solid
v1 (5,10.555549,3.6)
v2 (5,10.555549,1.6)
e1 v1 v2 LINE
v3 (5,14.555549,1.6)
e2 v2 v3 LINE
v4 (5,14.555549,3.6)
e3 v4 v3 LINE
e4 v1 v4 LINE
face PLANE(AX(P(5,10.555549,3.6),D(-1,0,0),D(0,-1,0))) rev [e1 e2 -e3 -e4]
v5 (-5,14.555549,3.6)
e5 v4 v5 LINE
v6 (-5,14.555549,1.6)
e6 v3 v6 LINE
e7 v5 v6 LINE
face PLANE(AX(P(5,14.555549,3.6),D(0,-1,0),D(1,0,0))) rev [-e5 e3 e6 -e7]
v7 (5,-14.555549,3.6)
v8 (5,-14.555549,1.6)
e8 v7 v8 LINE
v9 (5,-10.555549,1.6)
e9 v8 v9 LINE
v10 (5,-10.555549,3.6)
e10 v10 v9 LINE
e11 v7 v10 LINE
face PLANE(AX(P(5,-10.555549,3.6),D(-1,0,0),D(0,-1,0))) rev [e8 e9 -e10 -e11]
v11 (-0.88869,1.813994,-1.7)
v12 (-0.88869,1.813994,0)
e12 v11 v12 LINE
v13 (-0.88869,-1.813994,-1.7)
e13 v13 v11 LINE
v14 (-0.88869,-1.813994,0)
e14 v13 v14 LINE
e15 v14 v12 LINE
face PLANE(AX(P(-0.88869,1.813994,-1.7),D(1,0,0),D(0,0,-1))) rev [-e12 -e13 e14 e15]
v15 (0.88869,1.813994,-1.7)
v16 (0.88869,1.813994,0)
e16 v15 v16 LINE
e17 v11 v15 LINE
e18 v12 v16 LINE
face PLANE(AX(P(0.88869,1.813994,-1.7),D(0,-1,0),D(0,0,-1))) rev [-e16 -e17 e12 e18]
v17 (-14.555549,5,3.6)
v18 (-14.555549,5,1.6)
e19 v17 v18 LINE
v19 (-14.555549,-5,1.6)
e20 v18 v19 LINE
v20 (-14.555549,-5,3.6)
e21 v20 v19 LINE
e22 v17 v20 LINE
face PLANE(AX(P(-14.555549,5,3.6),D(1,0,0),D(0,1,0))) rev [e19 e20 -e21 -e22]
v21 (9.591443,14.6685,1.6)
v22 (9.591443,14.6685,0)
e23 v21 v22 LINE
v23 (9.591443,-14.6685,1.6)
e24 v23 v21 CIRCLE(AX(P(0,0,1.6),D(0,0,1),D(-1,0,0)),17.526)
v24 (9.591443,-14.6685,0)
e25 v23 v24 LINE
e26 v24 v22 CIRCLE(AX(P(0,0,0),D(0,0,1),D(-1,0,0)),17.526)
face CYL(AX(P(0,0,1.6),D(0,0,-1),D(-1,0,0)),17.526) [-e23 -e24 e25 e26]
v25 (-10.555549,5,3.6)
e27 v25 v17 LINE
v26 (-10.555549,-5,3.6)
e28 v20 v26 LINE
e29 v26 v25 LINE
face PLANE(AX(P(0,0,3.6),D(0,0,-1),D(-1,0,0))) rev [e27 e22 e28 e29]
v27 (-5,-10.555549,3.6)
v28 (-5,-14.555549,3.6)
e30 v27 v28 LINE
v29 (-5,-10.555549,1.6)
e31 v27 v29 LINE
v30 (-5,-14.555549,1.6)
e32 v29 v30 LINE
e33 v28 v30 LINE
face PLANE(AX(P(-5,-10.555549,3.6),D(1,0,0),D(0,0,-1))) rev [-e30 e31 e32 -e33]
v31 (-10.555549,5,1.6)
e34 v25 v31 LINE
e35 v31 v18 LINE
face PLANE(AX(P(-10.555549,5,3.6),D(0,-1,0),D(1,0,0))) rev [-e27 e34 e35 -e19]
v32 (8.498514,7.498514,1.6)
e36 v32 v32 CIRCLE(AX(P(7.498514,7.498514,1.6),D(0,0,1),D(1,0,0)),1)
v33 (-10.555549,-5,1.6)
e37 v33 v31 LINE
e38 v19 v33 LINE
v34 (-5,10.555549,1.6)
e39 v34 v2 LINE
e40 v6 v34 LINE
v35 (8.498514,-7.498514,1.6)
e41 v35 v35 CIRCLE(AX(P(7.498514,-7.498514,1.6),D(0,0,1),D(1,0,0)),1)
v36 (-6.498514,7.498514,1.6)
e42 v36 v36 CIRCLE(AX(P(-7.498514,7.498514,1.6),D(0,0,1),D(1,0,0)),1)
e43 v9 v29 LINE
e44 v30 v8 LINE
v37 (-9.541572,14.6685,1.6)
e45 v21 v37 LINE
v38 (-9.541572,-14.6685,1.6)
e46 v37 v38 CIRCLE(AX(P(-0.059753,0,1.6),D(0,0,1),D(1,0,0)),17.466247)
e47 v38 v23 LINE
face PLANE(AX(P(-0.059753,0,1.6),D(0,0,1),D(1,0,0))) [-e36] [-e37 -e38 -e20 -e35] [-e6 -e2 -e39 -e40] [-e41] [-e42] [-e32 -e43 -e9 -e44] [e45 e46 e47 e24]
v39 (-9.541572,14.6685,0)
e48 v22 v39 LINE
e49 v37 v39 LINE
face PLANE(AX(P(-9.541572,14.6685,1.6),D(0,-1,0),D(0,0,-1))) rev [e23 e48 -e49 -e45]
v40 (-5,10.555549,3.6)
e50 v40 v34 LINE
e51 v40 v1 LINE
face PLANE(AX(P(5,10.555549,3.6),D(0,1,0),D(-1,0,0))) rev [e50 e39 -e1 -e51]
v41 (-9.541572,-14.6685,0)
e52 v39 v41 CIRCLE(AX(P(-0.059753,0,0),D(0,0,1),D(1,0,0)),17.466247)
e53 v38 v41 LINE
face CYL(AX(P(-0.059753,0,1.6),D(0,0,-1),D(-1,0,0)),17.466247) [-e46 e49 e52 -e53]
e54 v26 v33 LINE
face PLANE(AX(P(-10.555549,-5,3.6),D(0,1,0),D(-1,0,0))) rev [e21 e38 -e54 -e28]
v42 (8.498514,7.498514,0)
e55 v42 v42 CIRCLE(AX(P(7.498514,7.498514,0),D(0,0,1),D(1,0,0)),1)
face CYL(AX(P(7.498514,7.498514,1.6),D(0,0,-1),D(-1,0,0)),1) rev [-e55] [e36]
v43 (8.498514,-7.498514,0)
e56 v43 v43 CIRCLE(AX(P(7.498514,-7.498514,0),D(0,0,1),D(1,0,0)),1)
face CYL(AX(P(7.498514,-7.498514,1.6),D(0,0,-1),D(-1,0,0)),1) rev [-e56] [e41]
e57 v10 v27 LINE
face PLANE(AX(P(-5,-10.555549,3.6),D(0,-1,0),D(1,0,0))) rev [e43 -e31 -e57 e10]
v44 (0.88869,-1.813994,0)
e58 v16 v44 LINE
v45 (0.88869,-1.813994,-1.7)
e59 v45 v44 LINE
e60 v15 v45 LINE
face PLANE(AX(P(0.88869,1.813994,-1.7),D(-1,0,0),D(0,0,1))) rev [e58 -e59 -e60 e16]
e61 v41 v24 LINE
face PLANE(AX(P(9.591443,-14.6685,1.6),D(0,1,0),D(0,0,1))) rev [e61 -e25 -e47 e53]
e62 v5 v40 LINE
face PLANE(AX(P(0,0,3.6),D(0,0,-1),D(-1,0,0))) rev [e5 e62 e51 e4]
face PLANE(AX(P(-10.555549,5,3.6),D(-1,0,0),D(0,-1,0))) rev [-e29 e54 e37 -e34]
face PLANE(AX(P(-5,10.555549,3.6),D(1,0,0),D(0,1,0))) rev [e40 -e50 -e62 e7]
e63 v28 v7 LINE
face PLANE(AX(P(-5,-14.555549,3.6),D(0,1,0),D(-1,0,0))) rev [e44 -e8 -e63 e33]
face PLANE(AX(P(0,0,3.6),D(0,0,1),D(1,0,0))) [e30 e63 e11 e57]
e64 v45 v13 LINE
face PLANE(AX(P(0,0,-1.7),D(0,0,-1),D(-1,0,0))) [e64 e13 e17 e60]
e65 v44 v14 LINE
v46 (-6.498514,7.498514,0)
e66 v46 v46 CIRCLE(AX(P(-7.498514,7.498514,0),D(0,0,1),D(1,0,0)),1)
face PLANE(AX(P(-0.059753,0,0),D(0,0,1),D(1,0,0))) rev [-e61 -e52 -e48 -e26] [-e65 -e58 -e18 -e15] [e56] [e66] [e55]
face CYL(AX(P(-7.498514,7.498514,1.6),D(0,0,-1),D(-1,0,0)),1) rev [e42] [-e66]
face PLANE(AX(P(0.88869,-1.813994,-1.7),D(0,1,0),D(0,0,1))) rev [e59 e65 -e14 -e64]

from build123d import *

# Parameters (mm, degrees)
SKETCH_1_R      = 1
EXTRUDE_1_DEPTH = 1.6
SKETCH_2_W      = 1.777379574
SKETCH_2_H      = 3.627987188
EXTRUDE_2_DEPTH = 1.7
SKETCH_3_W      = 4
SKETCH_3_H      = 10
SKETCH_3_W_2    = 10
SKETCH_3_H_2    = 4
EXTRUDE_3_DEPTH = 2


with BuildPart() as part:
    # 草图1 → 凸台-拉伸1 (new body)
    with BuildSketch(Plane.XY):
        with BuildLine():
            Line((-9.541571686, 14.6685), (9.591443257, 14.6685))
            ThreePointArc((9.591443257, 14.6685), (17.526, 0), (9.591443257, -14.6685))
            Line((9.591443257, -14.6685), (-9.541571686, -14.6685))
            ThreePointArc((-9.541571686, -14.6685), (-17.526, 0), (-9.541571686, 14.6685))
        make_face()
        with Locations((7.498513861, -7.498513861)):
            Circle(SKETCH_1_R, mode=Mode.SUBTRACT)
        with Locations((-7.498513861, 7.498513861)):
            Circle(SKETCH_1_R, mode=Mode.SUBTRACT)
        with Locations((7.498513861, 7.498513861)):
            Circle(SKETCH_1_R, mode=Mode.SUBTRACT)
    extrude(amount=EXTRUDE_1_DEPTH)

    # 草图2 → 凸台-拉伸2 (add)
    with BuildSketch(Plane(origin=(0, 0, 0), x_dir=(-1, 0, 0), z_dir=(0, 0, -1))):
        Rectangle(SKETCH_2_W, SKETCH_2_H)
    extrude(amount=EXTRUDE_2_DEPTH)

    # 草图3 → 凸台-拉伸3 (add)
    with BuildSketch(Plane.XY.offset(1.6)):
        with Locations((-12.555549106, 0)):
            Rectangle(SKETCH_3_W, SKETCH_3_H)
        with Locations((0, -12.555549106)):
            Rectangle(SKETCH_3_W_2, SKETCH_3_H_2)
        with Locations((0, 12.555549106)):
            Rectangle(SKETCH_3_W_2, SKETCH_3_H_2)
    extrude(amount=EXTRUDE_3_DEPTH)


solid = part.part
